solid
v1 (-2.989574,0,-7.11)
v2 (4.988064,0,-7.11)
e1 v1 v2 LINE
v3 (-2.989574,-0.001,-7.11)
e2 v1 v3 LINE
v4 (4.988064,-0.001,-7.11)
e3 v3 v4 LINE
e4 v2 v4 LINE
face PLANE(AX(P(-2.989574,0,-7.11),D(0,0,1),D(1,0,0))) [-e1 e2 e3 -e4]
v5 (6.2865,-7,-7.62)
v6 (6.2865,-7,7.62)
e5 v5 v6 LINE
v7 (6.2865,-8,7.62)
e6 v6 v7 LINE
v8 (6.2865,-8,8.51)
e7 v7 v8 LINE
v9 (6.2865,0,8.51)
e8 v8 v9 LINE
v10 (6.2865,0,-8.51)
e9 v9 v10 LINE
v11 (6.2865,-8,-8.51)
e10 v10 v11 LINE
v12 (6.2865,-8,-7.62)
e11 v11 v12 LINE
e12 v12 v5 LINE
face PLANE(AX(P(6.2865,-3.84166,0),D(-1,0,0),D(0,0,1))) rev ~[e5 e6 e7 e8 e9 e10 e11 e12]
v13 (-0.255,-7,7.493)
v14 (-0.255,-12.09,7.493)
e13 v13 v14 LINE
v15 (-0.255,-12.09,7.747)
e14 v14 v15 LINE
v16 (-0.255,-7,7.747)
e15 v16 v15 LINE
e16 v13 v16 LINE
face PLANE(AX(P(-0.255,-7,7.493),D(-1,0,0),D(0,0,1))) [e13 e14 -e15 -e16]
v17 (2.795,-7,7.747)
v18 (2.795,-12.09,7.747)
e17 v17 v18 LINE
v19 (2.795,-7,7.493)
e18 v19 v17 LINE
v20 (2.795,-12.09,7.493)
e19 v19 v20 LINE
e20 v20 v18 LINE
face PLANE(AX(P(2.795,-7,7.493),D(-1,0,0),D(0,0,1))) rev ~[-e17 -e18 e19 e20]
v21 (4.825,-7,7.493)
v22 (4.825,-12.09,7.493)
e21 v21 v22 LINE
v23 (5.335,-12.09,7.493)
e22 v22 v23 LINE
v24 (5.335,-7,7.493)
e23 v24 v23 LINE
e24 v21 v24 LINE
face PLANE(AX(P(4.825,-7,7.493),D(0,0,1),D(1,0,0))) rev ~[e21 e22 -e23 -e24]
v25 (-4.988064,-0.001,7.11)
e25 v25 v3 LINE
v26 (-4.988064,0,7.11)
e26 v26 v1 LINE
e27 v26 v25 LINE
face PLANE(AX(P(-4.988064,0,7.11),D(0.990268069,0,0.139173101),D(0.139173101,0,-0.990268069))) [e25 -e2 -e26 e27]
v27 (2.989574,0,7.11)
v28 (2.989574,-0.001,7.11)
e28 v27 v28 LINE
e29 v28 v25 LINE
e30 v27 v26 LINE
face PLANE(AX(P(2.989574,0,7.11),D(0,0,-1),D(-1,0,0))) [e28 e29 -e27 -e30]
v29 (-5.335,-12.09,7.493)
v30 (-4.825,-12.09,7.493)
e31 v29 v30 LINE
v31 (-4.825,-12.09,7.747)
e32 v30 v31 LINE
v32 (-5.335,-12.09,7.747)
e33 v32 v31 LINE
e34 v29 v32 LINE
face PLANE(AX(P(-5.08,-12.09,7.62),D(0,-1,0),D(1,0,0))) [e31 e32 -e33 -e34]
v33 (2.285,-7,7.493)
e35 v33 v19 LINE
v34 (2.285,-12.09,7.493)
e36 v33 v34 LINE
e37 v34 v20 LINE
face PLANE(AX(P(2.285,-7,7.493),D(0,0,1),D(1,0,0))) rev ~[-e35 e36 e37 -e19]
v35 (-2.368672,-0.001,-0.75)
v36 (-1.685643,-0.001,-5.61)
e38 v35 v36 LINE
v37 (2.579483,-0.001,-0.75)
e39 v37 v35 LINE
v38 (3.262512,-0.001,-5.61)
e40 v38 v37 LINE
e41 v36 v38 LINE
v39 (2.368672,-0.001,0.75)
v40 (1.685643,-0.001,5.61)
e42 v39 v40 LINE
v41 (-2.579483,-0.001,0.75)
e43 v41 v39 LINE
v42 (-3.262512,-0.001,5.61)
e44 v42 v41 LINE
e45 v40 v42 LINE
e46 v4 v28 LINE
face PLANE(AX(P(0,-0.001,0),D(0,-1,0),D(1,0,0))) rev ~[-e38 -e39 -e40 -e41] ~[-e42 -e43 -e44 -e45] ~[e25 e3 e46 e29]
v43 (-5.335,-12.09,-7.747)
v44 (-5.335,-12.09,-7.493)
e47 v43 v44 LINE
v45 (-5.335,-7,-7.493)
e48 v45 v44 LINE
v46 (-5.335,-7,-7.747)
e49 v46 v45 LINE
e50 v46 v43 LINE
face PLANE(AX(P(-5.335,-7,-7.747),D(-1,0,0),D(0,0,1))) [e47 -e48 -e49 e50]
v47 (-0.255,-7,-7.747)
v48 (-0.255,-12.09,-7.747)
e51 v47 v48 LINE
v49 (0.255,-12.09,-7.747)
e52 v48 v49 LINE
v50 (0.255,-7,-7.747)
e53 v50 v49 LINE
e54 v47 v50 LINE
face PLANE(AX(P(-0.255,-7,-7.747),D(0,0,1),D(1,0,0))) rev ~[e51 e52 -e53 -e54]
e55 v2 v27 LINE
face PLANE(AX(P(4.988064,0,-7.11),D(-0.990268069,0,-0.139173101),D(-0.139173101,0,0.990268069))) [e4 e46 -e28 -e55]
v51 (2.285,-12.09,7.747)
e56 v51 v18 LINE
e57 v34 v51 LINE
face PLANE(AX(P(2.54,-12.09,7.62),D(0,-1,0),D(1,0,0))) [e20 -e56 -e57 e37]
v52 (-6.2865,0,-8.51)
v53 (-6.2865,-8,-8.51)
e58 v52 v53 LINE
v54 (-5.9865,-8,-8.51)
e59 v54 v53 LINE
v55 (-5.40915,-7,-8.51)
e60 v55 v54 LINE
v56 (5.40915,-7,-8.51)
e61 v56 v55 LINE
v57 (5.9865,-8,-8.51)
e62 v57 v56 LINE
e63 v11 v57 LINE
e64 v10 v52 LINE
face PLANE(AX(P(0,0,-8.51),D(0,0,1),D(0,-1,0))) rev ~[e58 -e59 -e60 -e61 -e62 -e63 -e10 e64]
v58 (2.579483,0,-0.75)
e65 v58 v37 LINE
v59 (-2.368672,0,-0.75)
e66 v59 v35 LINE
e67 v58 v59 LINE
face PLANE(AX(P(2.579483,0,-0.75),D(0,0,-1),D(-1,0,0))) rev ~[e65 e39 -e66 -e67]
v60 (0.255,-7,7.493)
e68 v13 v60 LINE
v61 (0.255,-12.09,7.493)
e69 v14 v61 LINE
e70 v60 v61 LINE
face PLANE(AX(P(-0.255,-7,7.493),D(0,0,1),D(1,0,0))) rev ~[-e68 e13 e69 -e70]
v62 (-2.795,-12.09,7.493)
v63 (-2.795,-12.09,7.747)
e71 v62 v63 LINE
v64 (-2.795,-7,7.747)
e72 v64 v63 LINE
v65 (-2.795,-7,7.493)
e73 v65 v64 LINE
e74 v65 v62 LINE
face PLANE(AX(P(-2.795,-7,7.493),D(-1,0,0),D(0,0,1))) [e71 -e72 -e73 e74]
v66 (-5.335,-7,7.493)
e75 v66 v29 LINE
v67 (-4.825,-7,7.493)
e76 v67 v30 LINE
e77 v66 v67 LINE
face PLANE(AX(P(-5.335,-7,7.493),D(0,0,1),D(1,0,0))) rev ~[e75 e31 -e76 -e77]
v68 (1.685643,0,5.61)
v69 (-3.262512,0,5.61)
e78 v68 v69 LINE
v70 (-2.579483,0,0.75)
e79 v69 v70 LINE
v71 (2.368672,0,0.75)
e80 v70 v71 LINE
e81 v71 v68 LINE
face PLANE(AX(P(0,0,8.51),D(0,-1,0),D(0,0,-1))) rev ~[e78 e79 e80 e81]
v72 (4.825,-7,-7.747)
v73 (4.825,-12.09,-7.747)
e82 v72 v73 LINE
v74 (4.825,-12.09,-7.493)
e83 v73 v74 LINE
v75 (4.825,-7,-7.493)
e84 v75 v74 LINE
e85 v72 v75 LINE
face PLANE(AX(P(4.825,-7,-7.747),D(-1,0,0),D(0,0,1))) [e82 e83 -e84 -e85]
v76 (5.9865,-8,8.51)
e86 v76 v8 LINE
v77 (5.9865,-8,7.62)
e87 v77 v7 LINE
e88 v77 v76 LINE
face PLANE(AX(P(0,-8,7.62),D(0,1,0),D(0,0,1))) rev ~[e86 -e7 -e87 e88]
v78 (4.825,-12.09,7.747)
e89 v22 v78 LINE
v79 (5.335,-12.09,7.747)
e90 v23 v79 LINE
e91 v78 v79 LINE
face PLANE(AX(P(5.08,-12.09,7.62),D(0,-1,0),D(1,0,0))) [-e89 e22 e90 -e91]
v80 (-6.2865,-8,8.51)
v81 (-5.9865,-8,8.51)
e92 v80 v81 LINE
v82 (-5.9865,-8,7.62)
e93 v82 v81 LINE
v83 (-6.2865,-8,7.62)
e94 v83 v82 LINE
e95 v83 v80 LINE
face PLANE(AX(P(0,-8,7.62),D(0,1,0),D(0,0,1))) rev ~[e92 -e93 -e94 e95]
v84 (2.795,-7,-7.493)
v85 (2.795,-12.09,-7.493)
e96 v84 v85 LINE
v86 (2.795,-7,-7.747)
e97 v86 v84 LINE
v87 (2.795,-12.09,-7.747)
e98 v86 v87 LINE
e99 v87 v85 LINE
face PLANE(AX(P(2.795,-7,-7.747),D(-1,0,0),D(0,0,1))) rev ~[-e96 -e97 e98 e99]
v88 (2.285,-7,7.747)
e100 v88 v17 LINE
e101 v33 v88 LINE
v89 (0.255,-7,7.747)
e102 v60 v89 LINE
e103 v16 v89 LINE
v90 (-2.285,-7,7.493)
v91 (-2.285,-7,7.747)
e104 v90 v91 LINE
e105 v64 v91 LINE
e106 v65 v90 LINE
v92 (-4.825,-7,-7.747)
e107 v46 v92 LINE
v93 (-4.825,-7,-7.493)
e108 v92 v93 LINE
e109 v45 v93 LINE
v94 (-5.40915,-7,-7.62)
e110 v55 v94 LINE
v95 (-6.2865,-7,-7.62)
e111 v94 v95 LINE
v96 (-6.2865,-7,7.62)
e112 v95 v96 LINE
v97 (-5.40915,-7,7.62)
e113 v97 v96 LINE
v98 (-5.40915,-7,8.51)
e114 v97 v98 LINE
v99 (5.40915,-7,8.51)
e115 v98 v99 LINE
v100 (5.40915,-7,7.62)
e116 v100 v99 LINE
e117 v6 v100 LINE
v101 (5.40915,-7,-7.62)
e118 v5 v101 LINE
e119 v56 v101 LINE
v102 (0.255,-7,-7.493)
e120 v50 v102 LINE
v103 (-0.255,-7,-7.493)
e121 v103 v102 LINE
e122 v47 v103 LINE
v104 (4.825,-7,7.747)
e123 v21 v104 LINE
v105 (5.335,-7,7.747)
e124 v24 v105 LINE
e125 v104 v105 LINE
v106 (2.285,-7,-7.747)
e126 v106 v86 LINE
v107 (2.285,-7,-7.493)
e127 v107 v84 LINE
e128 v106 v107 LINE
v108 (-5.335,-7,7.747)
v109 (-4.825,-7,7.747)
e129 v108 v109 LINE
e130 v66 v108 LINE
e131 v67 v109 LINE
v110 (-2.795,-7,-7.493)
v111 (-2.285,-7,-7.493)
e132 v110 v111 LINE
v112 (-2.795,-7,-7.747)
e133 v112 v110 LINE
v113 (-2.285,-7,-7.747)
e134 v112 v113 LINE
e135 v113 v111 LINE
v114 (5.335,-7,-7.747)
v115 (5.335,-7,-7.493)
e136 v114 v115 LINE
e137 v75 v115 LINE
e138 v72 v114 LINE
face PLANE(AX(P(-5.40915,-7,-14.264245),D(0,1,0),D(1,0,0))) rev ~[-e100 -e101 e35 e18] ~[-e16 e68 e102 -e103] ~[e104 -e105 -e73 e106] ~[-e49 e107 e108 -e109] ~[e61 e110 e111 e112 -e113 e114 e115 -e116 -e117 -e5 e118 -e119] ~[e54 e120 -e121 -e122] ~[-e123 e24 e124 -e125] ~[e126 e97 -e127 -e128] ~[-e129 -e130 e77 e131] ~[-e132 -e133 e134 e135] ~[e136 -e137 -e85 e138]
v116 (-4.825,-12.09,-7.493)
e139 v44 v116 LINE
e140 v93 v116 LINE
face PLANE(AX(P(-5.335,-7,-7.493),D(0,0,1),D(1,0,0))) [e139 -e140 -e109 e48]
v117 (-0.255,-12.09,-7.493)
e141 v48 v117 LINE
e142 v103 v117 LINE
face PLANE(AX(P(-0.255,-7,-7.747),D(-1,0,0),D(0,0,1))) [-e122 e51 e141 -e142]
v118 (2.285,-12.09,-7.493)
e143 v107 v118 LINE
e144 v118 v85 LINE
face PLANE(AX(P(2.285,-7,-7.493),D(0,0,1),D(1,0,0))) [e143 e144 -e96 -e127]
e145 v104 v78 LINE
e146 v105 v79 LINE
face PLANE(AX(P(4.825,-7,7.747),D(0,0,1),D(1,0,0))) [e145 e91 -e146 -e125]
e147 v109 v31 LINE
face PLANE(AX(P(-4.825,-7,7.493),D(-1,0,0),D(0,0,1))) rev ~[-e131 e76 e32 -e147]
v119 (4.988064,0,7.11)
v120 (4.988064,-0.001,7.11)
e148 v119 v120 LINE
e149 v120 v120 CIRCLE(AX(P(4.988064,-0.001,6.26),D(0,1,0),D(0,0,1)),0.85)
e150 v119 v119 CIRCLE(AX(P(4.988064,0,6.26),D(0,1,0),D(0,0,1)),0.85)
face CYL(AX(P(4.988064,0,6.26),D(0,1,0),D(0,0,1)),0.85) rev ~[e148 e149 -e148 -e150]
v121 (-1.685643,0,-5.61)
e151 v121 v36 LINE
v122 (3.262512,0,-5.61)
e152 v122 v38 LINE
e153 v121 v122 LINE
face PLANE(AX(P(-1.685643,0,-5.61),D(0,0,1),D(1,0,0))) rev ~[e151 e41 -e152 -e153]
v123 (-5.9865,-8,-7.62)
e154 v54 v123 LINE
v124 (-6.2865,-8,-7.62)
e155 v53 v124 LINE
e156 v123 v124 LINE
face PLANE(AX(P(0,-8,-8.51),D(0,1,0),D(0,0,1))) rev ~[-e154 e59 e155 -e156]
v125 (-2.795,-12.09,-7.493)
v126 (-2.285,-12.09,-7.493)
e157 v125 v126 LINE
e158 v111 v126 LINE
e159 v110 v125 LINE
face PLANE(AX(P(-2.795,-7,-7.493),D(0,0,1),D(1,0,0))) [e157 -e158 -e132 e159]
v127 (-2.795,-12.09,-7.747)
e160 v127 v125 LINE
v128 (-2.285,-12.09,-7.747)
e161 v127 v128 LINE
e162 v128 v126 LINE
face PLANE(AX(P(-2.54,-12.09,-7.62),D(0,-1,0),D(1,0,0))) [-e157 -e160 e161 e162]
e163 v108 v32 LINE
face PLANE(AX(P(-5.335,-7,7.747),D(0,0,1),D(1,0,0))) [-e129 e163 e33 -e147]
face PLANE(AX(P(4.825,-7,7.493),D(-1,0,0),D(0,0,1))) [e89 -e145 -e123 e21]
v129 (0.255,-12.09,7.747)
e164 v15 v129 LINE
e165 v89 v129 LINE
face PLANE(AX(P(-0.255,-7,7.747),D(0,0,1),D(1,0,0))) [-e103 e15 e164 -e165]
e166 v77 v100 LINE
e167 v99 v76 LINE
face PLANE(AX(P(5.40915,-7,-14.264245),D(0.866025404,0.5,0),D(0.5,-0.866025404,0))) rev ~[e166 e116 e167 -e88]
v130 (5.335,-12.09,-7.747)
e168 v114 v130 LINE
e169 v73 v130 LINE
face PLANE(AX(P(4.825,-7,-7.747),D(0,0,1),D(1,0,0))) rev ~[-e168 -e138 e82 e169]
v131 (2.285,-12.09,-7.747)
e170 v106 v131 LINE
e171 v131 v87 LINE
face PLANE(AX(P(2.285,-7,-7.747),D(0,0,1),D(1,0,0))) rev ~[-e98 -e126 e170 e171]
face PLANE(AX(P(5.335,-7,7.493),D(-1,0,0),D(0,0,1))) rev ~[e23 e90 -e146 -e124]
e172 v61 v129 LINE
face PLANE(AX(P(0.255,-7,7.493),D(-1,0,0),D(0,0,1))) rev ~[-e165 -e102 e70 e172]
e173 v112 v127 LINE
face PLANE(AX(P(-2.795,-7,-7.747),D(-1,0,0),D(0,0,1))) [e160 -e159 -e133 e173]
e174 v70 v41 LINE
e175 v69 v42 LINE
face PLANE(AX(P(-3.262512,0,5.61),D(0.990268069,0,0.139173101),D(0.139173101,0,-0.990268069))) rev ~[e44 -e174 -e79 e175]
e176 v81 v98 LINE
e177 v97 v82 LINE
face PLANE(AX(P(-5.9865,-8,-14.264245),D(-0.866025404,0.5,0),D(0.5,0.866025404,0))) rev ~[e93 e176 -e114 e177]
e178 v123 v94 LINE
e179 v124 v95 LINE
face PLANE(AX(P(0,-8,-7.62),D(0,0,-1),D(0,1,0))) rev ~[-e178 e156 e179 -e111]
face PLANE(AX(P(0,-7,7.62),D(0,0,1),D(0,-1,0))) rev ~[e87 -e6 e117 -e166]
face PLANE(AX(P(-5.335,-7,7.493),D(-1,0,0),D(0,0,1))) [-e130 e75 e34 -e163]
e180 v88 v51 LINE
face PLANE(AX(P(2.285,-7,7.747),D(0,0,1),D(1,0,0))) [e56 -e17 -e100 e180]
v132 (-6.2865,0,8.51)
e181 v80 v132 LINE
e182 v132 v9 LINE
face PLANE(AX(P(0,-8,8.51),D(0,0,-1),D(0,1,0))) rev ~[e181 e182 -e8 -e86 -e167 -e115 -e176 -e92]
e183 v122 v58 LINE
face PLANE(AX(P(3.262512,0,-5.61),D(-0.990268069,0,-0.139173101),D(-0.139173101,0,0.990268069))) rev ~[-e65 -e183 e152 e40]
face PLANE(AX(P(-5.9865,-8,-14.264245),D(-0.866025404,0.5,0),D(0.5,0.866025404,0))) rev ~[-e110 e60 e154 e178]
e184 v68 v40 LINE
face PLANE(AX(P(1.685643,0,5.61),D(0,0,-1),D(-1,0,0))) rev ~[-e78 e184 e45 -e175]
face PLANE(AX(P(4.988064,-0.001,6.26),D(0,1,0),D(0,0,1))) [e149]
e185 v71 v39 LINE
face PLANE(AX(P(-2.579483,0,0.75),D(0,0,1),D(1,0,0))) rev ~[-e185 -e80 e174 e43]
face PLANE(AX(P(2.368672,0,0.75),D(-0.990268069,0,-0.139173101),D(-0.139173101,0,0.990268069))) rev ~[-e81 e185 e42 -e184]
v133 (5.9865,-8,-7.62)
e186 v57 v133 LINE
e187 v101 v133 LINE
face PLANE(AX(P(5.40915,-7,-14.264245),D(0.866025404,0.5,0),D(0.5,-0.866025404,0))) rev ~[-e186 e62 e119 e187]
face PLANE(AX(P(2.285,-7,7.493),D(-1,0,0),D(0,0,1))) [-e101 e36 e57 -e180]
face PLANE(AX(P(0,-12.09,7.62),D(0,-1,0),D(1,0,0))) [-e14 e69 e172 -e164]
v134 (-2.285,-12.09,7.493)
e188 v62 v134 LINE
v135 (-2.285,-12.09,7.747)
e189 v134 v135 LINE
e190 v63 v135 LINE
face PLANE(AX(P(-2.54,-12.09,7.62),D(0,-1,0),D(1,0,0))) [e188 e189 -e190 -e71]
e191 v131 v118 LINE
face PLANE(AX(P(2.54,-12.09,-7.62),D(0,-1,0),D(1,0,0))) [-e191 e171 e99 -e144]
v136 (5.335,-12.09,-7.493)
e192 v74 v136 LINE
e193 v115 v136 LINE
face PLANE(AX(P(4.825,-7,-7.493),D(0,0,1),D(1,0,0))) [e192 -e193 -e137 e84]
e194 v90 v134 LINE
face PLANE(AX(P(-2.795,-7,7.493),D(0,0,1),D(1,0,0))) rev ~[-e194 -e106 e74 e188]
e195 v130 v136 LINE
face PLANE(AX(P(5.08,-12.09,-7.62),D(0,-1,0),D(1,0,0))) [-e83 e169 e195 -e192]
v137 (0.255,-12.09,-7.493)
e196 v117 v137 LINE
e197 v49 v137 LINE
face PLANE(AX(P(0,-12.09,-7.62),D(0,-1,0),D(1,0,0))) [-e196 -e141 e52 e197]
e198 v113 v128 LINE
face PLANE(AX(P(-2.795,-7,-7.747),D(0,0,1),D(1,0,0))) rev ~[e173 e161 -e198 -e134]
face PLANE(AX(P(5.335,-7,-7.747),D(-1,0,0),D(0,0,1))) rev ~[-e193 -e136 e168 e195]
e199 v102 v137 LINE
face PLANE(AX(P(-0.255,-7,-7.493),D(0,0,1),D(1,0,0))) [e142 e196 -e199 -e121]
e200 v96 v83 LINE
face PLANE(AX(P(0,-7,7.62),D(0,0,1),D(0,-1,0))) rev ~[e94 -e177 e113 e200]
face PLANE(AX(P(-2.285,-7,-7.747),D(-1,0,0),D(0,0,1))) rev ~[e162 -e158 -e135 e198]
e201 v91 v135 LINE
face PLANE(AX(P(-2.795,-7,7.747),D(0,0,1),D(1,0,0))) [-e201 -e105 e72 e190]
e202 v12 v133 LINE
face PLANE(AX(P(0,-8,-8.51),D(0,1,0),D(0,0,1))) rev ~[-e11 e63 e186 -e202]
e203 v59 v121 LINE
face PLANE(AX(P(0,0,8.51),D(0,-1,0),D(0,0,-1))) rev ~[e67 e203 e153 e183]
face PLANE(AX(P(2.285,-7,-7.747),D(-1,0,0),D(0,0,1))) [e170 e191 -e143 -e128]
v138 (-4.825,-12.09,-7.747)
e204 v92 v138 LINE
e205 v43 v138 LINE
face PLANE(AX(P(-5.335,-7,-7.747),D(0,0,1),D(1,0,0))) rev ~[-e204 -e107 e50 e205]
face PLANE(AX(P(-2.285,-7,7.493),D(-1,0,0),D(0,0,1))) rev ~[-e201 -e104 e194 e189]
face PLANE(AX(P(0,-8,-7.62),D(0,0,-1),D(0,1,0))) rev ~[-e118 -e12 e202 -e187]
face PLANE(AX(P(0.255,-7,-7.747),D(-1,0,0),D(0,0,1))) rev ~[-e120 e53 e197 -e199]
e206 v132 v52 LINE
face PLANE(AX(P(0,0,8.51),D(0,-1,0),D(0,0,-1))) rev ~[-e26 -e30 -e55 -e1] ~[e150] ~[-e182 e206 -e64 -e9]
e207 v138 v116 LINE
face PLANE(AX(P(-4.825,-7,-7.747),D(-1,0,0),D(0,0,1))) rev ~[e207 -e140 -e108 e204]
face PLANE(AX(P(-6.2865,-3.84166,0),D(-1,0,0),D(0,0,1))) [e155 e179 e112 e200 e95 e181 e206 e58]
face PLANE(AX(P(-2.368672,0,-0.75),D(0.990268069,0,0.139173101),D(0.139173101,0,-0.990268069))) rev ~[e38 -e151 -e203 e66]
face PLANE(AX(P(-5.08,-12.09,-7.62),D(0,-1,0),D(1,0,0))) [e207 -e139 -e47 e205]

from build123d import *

# Parameters (mm, degrees)
EXTRUDE1_DEPTH          = 6.2865
SKETCH4_R               = 0.85
CUT_EXTRUDE1_DEPTH      = 0.001
CUT_EXTRUDE2_DEPTH      = 14.264244504
CUT_EXTRUDE2_DEPTH_BACK = 14.264244504
SKETCH2_W               = 0.51
SKETCH2_H               = 0.254
EXTRUDE2_DEPTH          = 5.09
LPATTERN1_COUNT         = 3
LPATTERN1_PITCH         = 2.54
LPATTERN1_COL_COUNT     = 3
LPATTERN1_COL_PITCH     = 2.54


with BuildPart() as part:
    # Sketch1 → Extrude1 (new, symmetric)
    with BuildSketch(Plane(origin=(0, 0, 0), x_dir=(0, 0, -1), z_dir=(1, 0, 0))):
        Polygon((-8.51, 0), (8.51, 0), (8.51, -8), (7.62, -8), (7.62, -7), (-7.62, -7), (-7.62, -8), (-8.51, -8), align=None)
    extrude(amount=EXTRUDE1_DEPTH, both=True)

    # Sketch4 → Cut-Extrude1 (cut)
    # profile 1 of 2: a face of its own
    with BuildSketch(Plane(origin=(0, 0, 0), x_dir=(-1, 0, 0), z_dir=(0, 1, 0))):
        with Locations(Location((-4.988064246, 6.26, 0), (0, 0, 90))):
            Circle(SKETCH4_R)
    # profile 2 of 2: a face of its own
    with BuildSketch(Plane(origin=(0, 0, 0), x_dir=(-1, 0, 0), z_dir=(0, 1, 0))):
        Polygon((4.988064246, 7.11), (2.989573577, -7.11), (-4.988064246, -7.11), (-2.989573577, 7.11), align=None)
        Polygon((-1.68564347, 5.61), (3.262511635, 5.61), (2.579483179, 0.75), (-2.368671927, 0.75), align=None, mode=Mode.SUBTRACT)
        Polygon((-3.262511635, -5.61), (-2.579483179, -0.75), (2.368671927, -0.75), (1.68564347, -5.61), align=None, mode=Mode.SUBTRACT)
    extrude(amount=-CUT_EXTRUDE1_DEPTH, mode=Mode.SUBTRACT)

    # Sketch5 → Cut-Extrude2 (cut, two sides: drawn at the far end of the back side and taken through both)
    with BuildSketch(Plane.XY.offset(-CUT_EXTRUDE2_DEPTH_BACK)):
        Polygon((-5.9865, -8), (-5.409149731, -7), (5.409149731, -7), (5.9865, -8), align=None)
    extrude(amount=CUT_EXTRUDE2_DEPTH + CUT_EXTRUDE2_DEPTH_BACK, mode=Mode.SUBTRACT)

    # Sketch2 → Extrude2 (add)
    with BuildSketch(Plane.XZ.offset(7)):
        with Locations((0, 7.62)):
            Rectangle(SKETCH2_W, SKETCH2_H)
        with Locations((0, -7.62)):
            Rectangle(SKETCH2_W, SKETCH2_H)
    extrude2 = extrude(amount=EXTRUDE2_DEPTH)

    # LPattern1: Extrude2 ×3
    with Locations(*[(i * LPATTERN1_PITCH, 0, 0) for i in range(1, LPATTERN1_COUNT)]):
        add(extrude2)

    # LPattern1 col: Extrude2 ×3
    with Locations(*[(-i * LPATTERN1_COL_PITCH, 0, 0) for i in range(1, LPATTERN1_COL_COUNT)]):
        add(extrude2)


solid = part.part
